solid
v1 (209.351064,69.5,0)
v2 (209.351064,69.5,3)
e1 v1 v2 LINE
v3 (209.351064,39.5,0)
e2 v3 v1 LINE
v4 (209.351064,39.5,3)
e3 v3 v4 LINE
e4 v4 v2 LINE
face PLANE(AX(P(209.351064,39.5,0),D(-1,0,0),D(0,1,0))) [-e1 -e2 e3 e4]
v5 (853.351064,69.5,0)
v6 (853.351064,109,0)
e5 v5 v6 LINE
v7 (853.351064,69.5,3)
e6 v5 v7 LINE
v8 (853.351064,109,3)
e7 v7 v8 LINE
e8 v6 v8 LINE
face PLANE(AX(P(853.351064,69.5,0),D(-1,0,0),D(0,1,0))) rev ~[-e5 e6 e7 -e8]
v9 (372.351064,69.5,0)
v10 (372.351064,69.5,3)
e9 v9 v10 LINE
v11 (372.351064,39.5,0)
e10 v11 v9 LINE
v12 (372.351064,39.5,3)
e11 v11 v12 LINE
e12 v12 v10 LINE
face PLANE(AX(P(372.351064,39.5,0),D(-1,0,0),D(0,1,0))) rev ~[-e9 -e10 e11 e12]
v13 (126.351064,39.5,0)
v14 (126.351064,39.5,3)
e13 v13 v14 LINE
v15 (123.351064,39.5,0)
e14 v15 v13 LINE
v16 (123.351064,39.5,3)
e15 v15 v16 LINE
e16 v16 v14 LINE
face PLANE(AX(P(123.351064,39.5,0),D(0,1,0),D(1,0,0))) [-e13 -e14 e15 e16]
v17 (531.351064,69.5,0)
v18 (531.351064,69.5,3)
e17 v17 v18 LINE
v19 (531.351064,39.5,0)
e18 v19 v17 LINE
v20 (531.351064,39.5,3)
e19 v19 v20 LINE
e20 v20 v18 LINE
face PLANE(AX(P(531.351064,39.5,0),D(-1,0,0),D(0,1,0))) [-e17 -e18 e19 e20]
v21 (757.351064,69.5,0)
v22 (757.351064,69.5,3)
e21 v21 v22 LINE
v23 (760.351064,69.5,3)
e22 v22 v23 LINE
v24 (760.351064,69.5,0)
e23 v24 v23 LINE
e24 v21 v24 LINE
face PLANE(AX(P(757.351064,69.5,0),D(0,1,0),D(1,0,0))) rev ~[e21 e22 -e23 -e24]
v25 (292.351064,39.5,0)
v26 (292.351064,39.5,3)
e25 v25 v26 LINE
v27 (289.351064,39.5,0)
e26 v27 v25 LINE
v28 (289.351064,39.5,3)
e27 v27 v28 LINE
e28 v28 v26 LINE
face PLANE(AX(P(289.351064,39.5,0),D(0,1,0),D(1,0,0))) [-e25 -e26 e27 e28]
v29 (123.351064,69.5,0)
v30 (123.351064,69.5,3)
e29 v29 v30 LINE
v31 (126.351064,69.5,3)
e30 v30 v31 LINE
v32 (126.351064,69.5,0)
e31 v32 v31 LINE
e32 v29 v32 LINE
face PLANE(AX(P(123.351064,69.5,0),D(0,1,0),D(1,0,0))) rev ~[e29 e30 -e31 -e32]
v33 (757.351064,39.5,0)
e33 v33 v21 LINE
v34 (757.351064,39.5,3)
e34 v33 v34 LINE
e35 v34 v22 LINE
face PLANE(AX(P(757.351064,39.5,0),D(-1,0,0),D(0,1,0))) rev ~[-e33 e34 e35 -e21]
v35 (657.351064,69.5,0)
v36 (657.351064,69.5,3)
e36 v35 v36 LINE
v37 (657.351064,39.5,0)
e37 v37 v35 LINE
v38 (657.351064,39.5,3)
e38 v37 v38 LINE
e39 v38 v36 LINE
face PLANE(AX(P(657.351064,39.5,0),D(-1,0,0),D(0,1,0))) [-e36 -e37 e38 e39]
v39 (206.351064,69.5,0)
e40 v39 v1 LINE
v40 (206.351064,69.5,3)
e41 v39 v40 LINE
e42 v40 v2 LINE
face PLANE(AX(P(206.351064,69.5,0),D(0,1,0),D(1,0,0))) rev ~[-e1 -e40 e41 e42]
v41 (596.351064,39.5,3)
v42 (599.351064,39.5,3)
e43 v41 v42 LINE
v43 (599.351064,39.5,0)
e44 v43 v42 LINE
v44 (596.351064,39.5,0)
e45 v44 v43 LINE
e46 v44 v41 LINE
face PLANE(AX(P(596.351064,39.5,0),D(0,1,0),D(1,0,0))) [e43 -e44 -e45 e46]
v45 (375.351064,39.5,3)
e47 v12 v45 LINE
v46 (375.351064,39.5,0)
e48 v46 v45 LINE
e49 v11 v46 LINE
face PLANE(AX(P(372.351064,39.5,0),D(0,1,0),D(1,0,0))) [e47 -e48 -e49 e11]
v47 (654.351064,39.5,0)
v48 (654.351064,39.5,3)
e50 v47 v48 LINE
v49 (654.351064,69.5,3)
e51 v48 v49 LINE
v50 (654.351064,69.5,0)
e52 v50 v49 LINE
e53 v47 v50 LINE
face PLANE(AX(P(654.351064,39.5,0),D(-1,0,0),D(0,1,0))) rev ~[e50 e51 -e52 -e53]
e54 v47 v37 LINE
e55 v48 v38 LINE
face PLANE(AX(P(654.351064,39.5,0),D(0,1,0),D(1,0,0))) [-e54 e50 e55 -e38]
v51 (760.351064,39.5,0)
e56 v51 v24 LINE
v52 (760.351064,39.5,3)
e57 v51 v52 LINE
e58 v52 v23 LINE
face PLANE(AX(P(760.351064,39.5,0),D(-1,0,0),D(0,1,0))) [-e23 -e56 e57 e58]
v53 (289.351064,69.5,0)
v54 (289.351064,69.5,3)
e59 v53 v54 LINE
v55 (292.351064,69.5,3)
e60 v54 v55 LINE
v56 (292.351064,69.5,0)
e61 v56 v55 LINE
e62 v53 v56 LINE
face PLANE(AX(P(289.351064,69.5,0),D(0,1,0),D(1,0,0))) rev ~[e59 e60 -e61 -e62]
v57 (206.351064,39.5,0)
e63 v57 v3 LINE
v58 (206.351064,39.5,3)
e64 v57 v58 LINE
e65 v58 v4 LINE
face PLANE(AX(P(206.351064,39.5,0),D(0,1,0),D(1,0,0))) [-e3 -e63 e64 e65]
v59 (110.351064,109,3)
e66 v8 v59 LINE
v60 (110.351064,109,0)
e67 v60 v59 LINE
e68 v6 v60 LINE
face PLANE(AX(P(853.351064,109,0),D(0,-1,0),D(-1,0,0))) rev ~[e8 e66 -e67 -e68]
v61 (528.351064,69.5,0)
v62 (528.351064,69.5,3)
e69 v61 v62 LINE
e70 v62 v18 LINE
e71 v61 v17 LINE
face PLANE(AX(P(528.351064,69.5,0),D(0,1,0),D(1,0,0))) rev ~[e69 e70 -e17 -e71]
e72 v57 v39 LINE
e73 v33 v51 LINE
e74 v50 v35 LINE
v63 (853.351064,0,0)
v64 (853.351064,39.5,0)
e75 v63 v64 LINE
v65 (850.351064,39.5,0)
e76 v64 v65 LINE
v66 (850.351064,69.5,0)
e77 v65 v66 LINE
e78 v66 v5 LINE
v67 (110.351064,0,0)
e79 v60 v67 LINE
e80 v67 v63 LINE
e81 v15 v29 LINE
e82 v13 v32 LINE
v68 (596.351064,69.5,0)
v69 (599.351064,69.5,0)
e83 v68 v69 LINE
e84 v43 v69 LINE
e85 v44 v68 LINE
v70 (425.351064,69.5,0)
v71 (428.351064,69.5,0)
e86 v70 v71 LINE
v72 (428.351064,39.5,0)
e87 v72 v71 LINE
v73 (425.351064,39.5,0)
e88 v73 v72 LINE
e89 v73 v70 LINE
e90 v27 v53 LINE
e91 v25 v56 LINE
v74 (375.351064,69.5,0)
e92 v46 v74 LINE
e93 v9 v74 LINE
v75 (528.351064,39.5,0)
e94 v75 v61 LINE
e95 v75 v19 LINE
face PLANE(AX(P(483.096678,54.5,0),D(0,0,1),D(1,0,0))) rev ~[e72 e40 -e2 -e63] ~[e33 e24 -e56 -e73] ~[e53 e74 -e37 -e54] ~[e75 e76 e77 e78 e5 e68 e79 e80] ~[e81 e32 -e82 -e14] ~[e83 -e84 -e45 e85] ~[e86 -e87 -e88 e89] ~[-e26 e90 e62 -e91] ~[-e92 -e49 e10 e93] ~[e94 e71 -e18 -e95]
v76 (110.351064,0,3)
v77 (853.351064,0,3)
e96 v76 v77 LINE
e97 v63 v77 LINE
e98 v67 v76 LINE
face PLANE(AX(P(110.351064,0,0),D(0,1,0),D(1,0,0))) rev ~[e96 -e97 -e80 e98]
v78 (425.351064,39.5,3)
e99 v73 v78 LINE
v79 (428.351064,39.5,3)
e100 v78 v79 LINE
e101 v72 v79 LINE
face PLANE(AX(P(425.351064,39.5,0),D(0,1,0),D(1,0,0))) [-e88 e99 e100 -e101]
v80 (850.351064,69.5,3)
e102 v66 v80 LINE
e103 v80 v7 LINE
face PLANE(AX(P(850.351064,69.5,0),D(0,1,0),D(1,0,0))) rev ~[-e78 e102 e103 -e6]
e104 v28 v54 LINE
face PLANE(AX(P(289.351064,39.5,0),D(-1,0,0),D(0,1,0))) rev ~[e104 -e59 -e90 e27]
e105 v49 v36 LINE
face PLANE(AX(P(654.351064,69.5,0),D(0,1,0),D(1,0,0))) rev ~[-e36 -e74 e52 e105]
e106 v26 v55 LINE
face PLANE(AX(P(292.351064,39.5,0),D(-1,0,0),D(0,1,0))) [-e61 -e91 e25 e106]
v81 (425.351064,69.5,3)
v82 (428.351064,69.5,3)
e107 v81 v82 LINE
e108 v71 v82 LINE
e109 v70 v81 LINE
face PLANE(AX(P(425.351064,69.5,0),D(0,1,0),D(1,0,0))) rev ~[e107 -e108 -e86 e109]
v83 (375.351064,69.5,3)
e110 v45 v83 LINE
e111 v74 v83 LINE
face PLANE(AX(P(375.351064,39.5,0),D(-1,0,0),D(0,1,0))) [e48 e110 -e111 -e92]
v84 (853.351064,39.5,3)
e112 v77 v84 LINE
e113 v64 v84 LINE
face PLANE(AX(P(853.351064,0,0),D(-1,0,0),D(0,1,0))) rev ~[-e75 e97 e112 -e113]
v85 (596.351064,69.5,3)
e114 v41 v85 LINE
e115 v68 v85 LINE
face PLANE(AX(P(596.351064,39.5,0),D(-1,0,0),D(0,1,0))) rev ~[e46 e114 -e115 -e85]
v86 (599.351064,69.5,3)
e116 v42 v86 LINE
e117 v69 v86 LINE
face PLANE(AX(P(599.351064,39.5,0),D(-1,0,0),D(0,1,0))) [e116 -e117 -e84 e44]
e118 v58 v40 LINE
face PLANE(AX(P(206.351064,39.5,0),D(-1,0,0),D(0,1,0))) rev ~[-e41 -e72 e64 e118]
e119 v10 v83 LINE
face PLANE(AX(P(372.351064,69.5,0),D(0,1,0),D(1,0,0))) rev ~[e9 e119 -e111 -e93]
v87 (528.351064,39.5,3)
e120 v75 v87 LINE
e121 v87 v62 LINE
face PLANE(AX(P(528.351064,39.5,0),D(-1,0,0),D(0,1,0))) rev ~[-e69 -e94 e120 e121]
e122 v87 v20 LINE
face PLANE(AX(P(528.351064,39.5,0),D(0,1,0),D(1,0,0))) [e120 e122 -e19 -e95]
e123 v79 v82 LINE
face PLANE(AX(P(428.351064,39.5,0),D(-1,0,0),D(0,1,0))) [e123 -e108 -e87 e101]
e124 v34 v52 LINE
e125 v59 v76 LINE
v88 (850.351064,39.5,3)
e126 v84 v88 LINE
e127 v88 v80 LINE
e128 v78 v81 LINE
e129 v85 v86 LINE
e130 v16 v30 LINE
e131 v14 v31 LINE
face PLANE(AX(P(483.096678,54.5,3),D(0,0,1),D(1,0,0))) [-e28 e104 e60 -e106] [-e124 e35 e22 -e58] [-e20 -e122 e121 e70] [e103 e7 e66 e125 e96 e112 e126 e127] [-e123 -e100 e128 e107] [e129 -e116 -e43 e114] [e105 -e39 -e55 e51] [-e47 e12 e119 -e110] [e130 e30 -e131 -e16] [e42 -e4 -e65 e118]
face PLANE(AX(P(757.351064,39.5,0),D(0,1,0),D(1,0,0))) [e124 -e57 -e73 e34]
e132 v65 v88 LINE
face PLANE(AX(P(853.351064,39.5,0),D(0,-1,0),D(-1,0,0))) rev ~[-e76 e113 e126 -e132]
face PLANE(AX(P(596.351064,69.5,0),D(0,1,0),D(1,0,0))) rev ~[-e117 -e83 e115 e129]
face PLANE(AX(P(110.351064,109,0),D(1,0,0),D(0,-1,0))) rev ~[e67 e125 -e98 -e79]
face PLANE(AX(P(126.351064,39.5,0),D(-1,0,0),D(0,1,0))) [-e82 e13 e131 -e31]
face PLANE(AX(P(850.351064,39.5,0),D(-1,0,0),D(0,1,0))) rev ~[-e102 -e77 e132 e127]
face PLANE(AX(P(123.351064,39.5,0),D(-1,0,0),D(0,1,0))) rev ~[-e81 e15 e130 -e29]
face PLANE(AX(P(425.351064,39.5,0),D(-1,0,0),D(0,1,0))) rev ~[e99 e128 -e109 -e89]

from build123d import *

# Parameters (mm, degrees)
SKETCH1_W           = 3
SKETCH1_H           = 30
BOSS_EXTRUDE1_DEPTH = 3


with BuildPart() as part:
    # Sketch1 → Boss-Extrude1 (new body)
    with BuildSketch(Plane.XY):
        Polygon((853.35106383, 109), (110.35106383, 109), (110.35106383, 0), (853.35106383, 0), (853.35106383, 39.5), (850.35106383, 39.5), (850.35106383, 69.5), (853.35106383, 69.5), align=None)
        with Locations((124.85106383, 54.5)):
            Rectangle(SKETCH1_W, SKETCH1_H, mode=Mode.SUBTRACT)
        with Locations((207.85106383, 54.5)):
            Rectangle(SKETCH1_W, SKETCH1_H, mode=Mode.SUBTRACT)
        with Locations((290.85106383, 54.5)):
            Rectangle(SKETCH1_W, SKETCH1_H, mode=Mode.SUBTRACT)
        with Locations((373.85106383, 54.5)):
            Rectangle(SKETCH1_W, SKETCH1_H, mode=Mode.SUBTRACT)
        with Locations((426.85106383, 54.5)):
            Rectangle(SKETCH1_W, SKETCH1_H, mode=Mode.SUBTRACT)
        with Locations((529.85106383, 54.5)):
            Rectangle(SKETCH1_W, SKETCH1_H, mode=Mode.SUBTRACT)
        with Locations((597.85106383, 54.5)):
            Rectangle(SKETCH1_W, SKETCH1_H, mode=Mode.SUBTRACT)
        with Locations((655.85106383, 54.5)):
            Rectangle(SKETCH1_W, SKETCH1_H, mode=Mode.SUBTRACT)
        with Locations((758.85106383, 54.5)):
            Rectangle(SKETCH1_W, SKETCH1_H, mode=Mode.SUBTRACT)
    extrude(amount=BOSS_EXTRUDE1_DEPTH)


solid = part.part
